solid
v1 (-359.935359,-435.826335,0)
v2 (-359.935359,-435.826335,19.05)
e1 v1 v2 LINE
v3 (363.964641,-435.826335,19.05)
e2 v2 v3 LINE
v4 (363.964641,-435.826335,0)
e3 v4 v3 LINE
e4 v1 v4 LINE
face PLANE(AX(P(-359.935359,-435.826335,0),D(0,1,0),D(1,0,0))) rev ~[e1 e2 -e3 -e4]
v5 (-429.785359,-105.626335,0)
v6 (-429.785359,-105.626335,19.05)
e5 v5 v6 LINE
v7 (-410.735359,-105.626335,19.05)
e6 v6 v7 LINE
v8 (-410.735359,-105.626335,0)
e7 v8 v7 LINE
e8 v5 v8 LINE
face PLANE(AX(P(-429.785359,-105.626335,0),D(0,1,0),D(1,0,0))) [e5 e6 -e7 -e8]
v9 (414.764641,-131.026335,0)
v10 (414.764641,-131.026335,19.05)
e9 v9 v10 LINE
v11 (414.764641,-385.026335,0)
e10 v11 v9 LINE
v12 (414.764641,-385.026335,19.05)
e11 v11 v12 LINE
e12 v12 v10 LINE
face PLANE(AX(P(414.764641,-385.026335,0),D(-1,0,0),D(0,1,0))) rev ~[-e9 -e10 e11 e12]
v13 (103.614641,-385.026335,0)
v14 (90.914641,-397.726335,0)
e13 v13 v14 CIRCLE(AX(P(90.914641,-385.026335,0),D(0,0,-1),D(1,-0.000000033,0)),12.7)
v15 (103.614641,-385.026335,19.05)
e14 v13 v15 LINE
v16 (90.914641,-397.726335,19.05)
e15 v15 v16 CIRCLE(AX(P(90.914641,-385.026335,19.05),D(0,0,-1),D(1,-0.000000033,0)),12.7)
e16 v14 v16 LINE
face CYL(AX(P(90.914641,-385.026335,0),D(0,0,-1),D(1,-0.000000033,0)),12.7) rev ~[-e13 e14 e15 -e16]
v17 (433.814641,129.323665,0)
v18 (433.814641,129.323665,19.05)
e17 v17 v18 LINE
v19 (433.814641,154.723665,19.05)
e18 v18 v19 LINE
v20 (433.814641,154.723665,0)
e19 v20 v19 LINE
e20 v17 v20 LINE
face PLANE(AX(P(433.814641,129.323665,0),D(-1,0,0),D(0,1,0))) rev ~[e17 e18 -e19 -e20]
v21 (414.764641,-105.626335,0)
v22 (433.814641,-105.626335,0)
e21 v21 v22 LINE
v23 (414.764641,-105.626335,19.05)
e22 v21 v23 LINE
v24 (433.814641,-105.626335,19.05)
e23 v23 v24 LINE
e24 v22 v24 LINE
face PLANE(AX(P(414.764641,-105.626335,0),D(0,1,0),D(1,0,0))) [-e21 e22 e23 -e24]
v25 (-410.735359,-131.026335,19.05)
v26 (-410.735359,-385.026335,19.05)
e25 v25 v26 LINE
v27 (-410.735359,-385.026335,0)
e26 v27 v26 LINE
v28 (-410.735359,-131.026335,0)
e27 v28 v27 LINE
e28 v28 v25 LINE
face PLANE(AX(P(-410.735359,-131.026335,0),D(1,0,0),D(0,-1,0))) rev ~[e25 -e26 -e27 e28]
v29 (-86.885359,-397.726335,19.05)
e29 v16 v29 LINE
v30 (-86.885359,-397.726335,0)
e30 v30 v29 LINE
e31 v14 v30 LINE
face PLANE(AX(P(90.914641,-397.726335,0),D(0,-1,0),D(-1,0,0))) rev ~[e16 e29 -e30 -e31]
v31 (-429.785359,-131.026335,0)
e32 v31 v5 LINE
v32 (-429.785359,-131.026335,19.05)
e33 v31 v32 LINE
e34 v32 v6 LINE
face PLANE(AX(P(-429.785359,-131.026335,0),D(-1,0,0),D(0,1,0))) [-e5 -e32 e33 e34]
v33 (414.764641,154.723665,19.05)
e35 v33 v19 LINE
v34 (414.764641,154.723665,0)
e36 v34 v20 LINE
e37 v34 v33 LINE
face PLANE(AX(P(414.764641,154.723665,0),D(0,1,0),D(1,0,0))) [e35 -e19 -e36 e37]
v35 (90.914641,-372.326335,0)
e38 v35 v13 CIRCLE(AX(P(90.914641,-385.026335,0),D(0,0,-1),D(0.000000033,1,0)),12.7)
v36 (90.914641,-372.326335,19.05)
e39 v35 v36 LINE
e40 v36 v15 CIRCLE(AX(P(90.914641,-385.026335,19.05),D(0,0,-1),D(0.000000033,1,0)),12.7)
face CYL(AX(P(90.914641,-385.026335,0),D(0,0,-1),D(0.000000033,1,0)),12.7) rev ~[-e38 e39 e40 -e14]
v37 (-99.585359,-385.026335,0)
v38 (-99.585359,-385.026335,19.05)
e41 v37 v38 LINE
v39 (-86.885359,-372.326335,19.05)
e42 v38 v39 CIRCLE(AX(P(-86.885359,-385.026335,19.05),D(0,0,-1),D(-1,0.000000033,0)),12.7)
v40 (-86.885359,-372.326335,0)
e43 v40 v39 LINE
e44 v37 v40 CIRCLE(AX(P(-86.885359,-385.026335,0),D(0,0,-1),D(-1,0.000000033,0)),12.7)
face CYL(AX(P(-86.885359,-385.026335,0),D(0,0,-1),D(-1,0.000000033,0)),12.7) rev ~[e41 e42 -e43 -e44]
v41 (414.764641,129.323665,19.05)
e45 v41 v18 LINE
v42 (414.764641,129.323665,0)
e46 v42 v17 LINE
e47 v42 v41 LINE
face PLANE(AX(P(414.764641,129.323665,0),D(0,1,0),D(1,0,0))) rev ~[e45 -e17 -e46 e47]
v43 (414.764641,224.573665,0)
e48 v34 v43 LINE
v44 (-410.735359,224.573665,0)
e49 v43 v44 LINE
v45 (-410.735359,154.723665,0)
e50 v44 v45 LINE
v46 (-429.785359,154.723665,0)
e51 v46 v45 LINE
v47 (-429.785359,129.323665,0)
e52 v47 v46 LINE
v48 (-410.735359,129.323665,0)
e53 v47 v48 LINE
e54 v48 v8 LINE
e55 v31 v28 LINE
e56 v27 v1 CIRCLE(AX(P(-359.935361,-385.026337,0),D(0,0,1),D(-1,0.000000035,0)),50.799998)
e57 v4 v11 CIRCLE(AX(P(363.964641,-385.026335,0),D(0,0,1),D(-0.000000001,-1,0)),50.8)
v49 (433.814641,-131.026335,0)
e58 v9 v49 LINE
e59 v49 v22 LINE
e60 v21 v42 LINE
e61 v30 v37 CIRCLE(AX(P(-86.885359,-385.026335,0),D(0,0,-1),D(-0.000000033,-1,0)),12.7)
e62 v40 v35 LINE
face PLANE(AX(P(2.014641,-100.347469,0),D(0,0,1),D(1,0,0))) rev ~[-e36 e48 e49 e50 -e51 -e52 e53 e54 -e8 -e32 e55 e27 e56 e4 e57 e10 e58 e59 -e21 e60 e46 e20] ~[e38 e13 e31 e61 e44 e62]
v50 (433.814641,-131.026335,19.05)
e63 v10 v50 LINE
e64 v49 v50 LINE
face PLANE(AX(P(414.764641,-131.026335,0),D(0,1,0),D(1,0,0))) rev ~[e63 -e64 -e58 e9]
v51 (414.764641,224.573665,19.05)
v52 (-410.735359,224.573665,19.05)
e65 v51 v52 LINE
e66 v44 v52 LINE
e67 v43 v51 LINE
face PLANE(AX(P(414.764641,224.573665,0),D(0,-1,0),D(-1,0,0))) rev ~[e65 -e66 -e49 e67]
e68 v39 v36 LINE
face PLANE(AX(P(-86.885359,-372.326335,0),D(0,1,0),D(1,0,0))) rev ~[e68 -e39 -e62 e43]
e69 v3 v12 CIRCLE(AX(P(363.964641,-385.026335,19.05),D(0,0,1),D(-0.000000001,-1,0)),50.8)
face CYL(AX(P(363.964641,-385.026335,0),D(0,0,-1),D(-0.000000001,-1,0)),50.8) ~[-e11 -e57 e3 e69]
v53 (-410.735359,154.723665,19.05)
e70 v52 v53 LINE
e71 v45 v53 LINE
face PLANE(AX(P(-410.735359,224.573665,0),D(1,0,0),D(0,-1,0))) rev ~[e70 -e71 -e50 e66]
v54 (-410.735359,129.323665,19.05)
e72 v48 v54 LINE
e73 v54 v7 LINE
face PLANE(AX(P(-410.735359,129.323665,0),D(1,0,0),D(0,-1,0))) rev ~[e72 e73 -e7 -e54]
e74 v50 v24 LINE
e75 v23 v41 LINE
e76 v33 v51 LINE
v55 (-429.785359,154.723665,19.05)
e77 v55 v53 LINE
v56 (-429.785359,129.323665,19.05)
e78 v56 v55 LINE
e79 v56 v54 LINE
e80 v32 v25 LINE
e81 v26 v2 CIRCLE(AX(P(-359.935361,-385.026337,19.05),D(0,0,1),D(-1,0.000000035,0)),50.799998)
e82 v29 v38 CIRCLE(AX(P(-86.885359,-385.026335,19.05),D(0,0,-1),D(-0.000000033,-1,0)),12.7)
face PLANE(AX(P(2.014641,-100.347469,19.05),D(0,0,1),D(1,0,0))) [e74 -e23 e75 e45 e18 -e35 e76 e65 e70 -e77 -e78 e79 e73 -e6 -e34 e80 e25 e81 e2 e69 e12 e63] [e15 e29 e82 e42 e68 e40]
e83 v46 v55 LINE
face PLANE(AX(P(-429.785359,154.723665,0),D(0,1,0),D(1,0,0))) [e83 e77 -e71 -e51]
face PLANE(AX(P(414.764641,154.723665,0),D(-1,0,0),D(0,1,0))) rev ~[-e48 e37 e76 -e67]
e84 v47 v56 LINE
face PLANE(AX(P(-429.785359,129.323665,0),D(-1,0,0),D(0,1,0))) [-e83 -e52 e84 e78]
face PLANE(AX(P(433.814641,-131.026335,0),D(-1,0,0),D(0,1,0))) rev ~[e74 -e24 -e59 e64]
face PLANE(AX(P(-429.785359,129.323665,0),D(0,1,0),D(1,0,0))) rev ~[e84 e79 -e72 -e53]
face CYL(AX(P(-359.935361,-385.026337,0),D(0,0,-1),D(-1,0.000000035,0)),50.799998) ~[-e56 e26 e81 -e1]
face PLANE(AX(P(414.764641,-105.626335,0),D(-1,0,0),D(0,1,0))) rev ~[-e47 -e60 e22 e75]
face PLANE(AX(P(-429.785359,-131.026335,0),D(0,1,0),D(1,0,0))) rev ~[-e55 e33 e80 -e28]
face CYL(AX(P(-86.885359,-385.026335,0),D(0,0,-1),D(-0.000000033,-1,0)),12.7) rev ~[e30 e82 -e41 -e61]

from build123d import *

# Parameters (mm, degrees)
F0_W     = 19.05
F0_H     = 25.4
F1_DEPTH = 19.05


with BuildPart() as f1:
    # F0 (on Top) → F1 (new body)
    with BuildSketch(Plane.XY):
        with BuildLine():
            Line((414.764641, 224.573665), (-410.735359, 224.573665))
            Line((-410.735359, 224.573665), (-410.735359, 154.723665))
            Line((-410.735359, 154.723665), (-410.735359, 129.323665))
            Line((-410.735359, 129.323665), (-410.735359, -105.626335))
            Line((-410.735359, -105.626335), (-410.735359, -131.026335))
            Line((-410.735359, -131.026335), (-410.735359, -385.026335))
            ThreePointArc((-410.735359, -385.026335), (-395.856384, -420.94736), (-359.935359, -435.826335))
            Line((-359.935359, -435.826335), (363.964641, -435.826335))
            ThreePointArc((363.964641, -435.826335), (399.885665, -420.94736), (414.764641, -385.026335))
            Line((414.764641, -385.026335), (414.764641, -131.026335))
            Line((414.764641, -131.026335), (414.764641, -105.626335))
            Line((414.764641, -105.626335), (414.764641, 129.323665))
            Line((414.764641, 129.323665), (414.764641, 154.723665))
            Line((414.764641, 154.723665), (414.764641, 224.573665))
        make_face()
        with BuildLine():
            Line((90.914641, -397.726335), (-86.885359, -397.726335))
            ThreePointArc((-86.885359, -397.726335), (-95.865615, -394.006591), (-99.585359, -385.026335))
            ThreePointArc((-99.585359, -385.026335), (-95.865615, -376.046079), (-86.885359, -372.326335))
            Line((-86.885359, -372.326335), (90.914641, -372.326335))
            ThreePointArc((90.914641, -372.326335), (99.894897, -376.046079), (103.614641, -385.026335))
            ThreePointArc((103.614641, -385.026335), (99.894897, -394.006591), (90.914641, -397.726335))
        make_face(mode=Mode.SUBTRACT)
        with Locations((-420.260359, 142.023665)):
            Rectangle(F0_W, F0_H)
        with Locations((424.289641, 142.023665)):
            Rectangle(F0_W, F0_H)
        with Locations((-420.260359, -118.326335)):
            Rectangle(F0_W, F0_H)
        with Locations((424.289641, -118.326335)):
            Rectangle(F0_W, F0_H)
    extrude(amount=F1_DEPTH)


solid = f1.part
